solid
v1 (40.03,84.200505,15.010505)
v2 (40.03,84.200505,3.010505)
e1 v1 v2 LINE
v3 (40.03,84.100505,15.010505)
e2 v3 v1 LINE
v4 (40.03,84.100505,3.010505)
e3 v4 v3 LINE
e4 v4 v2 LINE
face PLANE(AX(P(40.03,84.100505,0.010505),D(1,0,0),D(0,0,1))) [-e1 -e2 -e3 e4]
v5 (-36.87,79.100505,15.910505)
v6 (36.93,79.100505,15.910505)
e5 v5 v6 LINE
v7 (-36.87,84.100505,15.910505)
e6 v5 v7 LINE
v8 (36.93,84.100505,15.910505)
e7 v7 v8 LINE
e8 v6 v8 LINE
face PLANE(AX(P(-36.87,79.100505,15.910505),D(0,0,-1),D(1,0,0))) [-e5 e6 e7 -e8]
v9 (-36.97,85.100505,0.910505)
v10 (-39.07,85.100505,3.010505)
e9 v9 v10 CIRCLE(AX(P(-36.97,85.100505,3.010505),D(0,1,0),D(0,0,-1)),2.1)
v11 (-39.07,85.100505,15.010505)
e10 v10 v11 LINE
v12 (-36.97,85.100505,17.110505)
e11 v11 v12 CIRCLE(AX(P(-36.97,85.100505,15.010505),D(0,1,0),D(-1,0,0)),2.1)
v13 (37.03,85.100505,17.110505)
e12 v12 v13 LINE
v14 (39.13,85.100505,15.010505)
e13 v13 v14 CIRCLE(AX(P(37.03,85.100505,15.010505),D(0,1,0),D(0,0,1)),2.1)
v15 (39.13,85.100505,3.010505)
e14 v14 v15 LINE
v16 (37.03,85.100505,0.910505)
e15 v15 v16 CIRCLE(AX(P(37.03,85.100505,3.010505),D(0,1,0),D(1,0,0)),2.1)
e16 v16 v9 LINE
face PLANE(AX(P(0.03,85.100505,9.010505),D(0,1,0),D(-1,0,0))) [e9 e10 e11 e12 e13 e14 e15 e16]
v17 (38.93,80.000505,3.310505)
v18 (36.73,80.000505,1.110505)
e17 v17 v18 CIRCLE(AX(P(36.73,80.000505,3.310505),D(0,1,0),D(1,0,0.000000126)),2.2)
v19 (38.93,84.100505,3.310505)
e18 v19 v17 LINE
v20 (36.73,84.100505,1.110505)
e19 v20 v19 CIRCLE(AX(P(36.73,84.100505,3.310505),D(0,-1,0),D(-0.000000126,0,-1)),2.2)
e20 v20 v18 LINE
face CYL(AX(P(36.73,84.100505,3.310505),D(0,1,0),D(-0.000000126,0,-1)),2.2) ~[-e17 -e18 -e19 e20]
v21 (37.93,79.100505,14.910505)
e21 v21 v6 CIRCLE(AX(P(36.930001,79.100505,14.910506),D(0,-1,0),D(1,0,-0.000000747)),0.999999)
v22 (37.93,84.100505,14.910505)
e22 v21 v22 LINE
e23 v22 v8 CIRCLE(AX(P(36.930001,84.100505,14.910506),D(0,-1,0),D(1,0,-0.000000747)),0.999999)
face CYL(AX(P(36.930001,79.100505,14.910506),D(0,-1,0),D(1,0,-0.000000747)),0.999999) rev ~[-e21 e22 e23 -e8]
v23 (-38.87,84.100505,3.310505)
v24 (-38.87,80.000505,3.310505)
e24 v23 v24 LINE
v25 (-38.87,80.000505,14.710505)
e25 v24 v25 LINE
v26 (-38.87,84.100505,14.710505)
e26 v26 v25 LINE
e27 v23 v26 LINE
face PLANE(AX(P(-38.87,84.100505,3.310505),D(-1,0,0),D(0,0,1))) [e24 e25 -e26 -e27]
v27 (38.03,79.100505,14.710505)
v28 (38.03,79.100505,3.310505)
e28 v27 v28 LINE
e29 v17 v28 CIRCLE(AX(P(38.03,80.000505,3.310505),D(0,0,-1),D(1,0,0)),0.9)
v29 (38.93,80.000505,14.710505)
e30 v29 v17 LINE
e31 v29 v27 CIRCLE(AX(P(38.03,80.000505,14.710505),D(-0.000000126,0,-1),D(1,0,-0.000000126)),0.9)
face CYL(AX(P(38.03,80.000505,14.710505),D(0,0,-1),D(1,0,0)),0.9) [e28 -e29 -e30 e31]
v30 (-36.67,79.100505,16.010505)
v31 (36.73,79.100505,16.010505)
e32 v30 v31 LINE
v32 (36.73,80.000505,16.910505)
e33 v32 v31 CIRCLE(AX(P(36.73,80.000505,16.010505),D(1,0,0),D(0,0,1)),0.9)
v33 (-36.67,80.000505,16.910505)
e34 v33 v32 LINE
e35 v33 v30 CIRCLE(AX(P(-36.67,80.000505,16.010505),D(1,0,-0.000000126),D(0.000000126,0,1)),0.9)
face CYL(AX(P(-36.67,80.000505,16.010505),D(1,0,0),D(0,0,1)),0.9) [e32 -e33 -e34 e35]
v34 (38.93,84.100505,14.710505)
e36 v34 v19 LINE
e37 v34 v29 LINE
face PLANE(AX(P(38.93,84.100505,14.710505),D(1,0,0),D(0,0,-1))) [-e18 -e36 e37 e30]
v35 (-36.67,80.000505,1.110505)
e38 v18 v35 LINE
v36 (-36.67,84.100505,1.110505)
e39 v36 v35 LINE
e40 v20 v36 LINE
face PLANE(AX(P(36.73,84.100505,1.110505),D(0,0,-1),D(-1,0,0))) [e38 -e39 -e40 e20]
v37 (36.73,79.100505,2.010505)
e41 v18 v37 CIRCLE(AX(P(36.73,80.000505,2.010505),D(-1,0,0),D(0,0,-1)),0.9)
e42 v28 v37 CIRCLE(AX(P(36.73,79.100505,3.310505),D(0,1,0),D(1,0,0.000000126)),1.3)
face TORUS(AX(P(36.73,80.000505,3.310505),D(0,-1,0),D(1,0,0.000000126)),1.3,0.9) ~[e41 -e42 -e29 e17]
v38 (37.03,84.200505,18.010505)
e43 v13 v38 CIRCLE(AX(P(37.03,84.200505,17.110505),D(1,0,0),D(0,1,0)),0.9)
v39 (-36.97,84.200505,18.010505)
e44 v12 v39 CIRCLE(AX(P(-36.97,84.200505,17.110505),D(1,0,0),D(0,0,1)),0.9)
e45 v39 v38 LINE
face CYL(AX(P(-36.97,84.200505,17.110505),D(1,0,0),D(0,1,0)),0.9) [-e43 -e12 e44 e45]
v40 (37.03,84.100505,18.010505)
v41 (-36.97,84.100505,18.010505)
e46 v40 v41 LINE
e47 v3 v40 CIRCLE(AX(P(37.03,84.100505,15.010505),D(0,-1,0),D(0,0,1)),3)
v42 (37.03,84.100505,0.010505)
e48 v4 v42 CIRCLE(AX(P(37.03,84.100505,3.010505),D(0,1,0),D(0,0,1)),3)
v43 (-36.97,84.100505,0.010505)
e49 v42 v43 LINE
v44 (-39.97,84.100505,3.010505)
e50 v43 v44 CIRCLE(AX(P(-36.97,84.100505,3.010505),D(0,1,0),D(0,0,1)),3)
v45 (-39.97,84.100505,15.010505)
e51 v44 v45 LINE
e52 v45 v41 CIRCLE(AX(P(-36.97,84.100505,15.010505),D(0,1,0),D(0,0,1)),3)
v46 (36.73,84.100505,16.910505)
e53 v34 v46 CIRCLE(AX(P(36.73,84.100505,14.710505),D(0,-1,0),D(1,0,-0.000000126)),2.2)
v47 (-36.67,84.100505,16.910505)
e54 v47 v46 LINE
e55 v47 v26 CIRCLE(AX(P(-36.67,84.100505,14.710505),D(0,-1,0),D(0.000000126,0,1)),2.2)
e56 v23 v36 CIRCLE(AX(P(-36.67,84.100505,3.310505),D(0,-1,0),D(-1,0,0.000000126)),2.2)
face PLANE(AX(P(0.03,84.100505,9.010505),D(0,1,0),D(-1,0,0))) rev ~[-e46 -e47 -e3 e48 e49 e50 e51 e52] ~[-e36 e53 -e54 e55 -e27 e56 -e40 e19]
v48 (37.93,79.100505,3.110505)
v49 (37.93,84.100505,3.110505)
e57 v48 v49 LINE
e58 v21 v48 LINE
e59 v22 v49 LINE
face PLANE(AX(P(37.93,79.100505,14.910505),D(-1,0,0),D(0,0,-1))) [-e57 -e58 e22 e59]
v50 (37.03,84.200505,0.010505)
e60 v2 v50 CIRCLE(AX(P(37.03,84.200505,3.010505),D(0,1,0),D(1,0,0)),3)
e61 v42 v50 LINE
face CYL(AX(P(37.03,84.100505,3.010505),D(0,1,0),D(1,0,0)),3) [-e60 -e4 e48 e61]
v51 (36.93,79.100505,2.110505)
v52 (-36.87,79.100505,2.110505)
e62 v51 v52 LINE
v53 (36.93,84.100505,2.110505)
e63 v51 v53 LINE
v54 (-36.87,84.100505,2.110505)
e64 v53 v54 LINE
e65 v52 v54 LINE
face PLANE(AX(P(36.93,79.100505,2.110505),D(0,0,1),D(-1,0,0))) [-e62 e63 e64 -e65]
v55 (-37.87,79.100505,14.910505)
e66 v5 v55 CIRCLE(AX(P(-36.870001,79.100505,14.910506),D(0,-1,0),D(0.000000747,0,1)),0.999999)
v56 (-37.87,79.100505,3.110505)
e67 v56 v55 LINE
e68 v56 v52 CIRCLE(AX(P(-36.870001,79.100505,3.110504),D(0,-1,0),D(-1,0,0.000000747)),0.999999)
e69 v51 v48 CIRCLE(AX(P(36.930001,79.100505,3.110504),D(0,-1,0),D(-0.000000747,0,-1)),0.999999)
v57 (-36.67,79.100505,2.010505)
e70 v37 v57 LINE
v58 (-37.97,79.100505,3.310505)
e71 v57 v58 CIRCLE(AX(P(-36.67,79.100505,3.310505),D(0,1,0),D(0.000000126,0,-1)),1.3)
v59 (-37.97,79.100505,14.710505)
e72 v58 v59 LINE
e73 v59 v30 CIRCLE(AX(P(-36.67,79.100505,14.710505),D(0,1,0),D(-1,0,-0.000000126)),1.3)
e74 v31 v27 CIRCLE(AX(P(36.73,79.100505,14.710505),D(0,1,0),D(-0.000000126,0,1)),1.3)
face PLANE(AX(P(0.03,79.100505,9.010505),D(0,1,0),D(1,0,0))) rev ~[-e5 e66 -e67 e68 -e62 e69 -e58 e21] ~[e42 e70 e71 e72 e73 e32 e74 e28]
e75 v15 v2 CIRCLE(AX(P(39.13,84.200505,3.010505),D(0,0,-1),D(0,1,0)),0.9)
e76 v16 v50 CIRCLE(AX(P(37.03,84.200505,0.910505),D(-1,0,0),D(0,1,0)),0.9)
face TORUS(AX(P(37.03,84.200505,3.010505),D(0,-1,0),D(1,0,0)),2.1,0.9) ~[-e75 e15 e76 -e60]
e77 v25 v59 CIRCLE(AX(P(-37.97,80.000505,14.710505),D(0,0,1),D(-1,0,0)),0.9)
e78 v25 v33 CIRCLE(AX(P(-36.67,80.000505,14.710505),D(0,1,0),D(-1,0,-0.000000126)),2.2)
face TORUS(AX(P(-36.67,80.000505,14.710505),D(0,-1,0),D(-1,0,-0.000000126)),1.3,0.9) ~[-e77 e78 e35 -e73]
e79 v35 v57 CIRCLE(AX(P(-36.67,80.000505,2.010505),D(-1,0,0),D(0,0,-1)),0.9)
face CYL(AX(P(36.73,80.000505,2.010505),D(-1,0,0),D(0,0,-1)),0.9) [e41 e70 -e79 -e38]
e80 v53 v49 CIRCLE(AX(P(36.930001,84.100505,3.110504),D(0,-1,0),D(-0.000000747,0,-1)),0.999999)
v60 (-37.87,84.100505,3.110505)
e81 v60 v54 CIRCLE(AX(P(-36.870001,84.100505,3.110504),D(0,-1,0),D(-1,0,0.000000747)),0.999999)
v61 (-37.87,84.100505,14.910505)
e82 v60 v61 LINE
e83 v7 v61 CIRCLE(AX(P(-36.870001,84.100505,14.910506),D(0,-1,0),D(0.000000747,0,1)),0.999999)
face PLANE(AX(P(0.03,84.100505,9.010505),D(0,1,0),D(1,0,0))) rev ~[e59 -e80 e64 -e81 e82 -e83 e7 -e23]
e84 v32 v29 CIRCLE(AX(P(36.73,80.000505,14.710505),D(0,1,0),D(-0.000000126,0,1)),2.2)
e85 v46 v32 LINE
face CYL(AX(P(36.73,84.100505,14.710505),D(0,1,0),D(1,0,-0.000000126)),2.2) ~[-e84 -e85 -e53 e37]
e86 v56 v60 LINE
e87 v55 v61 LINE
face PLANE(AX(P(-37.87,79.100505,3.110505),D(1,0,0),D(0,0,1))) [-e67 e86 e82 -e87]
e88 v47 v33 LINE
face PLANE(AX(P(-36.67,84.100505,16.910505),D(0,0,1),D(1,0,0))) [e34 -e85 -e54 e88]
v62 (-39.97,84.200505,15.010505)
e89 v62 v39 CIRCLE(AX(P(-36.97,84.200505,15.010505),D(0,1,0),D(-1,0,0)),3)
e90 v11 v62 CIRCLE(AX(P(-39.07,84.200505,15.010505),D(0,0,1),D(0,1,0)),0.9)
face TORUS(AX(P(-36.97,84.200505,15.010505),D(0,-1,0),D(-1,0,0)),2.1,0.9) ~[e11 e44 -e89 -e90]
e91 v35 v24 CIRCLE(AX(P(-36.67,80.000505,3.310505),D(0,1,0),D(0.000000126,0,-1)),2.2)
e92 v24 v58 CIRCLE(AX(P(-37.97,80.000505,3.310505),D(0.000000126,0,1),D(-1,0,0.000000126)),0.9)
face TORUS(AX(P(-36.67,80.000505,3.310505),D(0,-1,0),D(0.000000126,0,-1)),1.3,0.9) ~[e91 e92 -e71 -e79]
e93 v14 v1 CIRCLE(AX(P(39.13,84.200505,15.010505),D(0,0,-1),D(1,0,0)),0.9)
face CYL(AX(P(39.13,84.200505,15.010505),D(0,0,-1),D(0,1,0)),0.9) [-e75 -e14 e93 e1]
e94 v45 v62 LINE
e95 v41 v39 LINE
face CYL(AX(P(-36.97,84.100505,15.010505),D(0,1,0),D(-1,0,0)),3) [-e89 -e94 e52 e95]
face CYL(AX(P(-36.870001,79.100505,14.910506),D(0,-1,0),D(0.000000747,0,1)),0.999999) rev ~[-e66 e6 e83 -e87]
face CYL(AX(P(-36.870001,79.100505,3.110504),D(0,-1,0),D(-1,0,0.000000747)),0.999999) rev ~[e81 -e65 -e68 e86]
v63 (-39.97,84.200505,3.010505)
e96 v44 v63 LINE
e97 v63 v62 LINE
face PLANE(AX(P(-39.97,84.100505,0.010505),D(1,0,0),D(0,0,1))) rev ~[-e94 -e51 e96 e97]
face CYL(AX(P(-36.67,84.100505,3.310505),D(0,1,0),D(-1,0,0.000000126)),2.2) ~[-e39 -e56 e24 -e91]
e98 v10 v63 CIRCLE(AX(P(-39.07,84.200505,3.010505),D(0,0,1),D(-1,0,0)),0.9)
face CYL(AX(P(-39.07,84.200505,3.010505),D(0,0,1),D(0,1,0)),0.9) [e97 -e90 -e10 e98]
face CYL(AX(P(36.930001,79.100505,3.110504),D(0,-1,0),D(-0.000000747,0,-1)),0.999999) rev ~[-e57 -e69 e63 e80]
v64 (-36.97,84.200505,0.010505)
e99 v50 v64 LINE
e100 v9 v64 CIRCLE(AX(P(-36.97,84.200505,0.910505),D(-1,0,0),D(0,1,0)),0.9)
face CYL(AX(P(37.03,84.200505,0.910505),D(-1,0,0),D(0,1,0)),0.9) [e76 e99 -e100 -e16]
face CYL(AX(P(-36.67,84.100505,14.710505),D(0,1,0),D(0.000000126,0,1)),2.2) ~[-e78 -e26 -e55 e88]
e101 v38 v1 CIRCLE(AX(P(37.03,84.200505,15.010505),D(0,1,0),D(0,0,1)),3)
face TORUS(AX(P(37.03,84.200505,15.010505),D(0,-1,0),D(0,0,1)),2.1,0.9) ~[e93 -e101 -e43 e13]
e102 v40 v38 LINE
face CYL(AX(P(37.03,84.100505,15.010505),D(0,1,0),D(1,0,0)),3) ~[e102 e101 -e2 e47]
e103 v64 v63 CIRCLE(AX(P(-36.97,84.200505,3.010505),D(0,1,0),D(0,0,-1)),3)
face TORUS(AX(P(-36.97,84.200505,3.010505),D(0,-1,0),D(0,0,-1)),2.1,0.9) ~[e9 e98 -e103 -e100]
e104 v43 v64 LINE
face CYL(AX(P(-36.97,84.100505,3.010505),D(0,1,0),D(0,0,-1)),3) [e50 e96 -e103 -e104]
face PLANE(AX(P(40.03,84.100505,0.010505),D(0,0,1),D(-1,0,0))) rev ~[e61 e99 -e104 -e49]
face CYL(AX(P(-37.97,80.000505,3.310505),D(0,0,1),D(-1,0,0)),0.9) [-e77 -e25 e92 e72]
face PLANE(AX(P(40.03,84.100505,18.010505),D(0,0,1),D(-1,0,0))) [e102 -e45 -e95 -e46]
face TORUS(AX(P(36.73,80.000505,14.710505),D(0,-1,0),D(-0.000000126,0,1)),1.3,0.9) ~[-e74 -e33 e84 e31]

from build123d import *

# Parameters (mm, degrees)
SKETCH004_W             = 80
SKETCH004_H             = 18
PAD001_DEPTH            = 1
FILLET001_R             = 3
PAD002_DEPTH            = 5
POCKET001_DEPTH         = 5
FILLET009_R             = 0.9
FILLET010_R             = 0.9
BODY001_PLACEMENT_ANGLE = 90


with BuildPart() as part:
    # Sketch004 → Pad001 (new body)
    with BuildSketch(Plane.YZ):
        with Locations((8.97, 0.91)):
            Rectangle(SKETCH004_W, SKETCH004_H)
    extrude(amount=PAD001_DEPTH)

    # Fillet001
    fillet001_edges = [part.edges().sort_by_distance(p)[0] for p in [
        (0.5, -31.03, -8.09),
        (0.5, -31.03, 9.91),
        (0.5, 48.97, 9.91),
        (0.5, 48.97, -8.09),
    ]]
    fillet(fillet001_edges, radius=FILLET001_R)

    # Sketch005 (on Face2 of Fillet001) → Pad002 (join)
    with BuildSketch(Plane(origin=(0, 0, 0), x_dir=(0, 1, 0), z_dir=(-1, 0, 0))):
        with BuildLine():
            Line((-27.73, 6.99), (45.67, 6.99))
            ThreePointArc((47.87, 4.79), (47.225635, 6.345635), (45.67, 6.99))
            Line((47.87, 4.79), (47.87, -6.61))
            ThreePointArc((45.67, -8.81), (47.225635, -8.165635), (47.87, -6.61))
            Line((45.67, -8.81), (-27.73, -8.81))
            ThreePointArc((-29.93, -6.61), (-29.285635, -8.165635), (-27.73, -8.81))
            Line((-29.93, -6.61), (-29.93, 4.79))
            ThreePointArc((-27.73, 6.99), (-29.285635, 6.345635), (-29.93, 4.79))
        make_face()
    extrude(amount=PAD002_DEPTH)

    # Sketch006 (on Face19 of Pad002) → Pocket001 (cut)
    with BuildSketch(Plane(origin=(-5, 0, 0), x_dir=(0, 1, 0), z_dir=(-1, 0, 0))):
        with BuildLine():
            Line((-27.93, 5.99), (45.87, 5.99))
            ThreePointArc((46.87, 4.99), (46.577107, 5.697107), (45.87, 5.99))
            Line((46.87, 4.99), (46.87, -6.81))
            ThreePointArc((45.87, -7.81), (46.577107, -7.517107), (46.87, -6.81))
            Line((45.87, -7.81), (-27.93, -7.81))
            ThreePointArc((-28.93, -6.81), (-28.637107, -7.517107), (-27.93, -7.81))
            Line((-28.93, -6.81), (-28.93, 4.99))
            ThreePointArc((-27.93, 5.99), (-28.637107, 5.697107), (-28.93, 4.99))
        make_face()
    extrude(amount=-POCKET001_DEPTH, mode=Mode.SUBTRACT)

    # Fillet009
    fillet009_edges = [part.edges().sort_by_distance(p)[0] for p in [
        (1, 8.97, -8.09),
    ]]
    fillet(fillet009_edges, radius=FILLET009_R)

    # Fillet010
    fillet010_edges = [part.edges().sort_by_distance(p)[0] for p in [
        (-5, 8.97, -6.99),
    ]]
    fillet(fillet010_edges, radius=FILLET010_R)


with BuildPart() as part_1:
    # Body001 placement: moved
    add(part.part.moved(Location((9, 84.100505, 8.100505))).rotate(Axis((9, 84.100505, 8.100505), (0, 0, 1)), BODY001_PLACEMENT_ANGLE))


solid = part_1.part
